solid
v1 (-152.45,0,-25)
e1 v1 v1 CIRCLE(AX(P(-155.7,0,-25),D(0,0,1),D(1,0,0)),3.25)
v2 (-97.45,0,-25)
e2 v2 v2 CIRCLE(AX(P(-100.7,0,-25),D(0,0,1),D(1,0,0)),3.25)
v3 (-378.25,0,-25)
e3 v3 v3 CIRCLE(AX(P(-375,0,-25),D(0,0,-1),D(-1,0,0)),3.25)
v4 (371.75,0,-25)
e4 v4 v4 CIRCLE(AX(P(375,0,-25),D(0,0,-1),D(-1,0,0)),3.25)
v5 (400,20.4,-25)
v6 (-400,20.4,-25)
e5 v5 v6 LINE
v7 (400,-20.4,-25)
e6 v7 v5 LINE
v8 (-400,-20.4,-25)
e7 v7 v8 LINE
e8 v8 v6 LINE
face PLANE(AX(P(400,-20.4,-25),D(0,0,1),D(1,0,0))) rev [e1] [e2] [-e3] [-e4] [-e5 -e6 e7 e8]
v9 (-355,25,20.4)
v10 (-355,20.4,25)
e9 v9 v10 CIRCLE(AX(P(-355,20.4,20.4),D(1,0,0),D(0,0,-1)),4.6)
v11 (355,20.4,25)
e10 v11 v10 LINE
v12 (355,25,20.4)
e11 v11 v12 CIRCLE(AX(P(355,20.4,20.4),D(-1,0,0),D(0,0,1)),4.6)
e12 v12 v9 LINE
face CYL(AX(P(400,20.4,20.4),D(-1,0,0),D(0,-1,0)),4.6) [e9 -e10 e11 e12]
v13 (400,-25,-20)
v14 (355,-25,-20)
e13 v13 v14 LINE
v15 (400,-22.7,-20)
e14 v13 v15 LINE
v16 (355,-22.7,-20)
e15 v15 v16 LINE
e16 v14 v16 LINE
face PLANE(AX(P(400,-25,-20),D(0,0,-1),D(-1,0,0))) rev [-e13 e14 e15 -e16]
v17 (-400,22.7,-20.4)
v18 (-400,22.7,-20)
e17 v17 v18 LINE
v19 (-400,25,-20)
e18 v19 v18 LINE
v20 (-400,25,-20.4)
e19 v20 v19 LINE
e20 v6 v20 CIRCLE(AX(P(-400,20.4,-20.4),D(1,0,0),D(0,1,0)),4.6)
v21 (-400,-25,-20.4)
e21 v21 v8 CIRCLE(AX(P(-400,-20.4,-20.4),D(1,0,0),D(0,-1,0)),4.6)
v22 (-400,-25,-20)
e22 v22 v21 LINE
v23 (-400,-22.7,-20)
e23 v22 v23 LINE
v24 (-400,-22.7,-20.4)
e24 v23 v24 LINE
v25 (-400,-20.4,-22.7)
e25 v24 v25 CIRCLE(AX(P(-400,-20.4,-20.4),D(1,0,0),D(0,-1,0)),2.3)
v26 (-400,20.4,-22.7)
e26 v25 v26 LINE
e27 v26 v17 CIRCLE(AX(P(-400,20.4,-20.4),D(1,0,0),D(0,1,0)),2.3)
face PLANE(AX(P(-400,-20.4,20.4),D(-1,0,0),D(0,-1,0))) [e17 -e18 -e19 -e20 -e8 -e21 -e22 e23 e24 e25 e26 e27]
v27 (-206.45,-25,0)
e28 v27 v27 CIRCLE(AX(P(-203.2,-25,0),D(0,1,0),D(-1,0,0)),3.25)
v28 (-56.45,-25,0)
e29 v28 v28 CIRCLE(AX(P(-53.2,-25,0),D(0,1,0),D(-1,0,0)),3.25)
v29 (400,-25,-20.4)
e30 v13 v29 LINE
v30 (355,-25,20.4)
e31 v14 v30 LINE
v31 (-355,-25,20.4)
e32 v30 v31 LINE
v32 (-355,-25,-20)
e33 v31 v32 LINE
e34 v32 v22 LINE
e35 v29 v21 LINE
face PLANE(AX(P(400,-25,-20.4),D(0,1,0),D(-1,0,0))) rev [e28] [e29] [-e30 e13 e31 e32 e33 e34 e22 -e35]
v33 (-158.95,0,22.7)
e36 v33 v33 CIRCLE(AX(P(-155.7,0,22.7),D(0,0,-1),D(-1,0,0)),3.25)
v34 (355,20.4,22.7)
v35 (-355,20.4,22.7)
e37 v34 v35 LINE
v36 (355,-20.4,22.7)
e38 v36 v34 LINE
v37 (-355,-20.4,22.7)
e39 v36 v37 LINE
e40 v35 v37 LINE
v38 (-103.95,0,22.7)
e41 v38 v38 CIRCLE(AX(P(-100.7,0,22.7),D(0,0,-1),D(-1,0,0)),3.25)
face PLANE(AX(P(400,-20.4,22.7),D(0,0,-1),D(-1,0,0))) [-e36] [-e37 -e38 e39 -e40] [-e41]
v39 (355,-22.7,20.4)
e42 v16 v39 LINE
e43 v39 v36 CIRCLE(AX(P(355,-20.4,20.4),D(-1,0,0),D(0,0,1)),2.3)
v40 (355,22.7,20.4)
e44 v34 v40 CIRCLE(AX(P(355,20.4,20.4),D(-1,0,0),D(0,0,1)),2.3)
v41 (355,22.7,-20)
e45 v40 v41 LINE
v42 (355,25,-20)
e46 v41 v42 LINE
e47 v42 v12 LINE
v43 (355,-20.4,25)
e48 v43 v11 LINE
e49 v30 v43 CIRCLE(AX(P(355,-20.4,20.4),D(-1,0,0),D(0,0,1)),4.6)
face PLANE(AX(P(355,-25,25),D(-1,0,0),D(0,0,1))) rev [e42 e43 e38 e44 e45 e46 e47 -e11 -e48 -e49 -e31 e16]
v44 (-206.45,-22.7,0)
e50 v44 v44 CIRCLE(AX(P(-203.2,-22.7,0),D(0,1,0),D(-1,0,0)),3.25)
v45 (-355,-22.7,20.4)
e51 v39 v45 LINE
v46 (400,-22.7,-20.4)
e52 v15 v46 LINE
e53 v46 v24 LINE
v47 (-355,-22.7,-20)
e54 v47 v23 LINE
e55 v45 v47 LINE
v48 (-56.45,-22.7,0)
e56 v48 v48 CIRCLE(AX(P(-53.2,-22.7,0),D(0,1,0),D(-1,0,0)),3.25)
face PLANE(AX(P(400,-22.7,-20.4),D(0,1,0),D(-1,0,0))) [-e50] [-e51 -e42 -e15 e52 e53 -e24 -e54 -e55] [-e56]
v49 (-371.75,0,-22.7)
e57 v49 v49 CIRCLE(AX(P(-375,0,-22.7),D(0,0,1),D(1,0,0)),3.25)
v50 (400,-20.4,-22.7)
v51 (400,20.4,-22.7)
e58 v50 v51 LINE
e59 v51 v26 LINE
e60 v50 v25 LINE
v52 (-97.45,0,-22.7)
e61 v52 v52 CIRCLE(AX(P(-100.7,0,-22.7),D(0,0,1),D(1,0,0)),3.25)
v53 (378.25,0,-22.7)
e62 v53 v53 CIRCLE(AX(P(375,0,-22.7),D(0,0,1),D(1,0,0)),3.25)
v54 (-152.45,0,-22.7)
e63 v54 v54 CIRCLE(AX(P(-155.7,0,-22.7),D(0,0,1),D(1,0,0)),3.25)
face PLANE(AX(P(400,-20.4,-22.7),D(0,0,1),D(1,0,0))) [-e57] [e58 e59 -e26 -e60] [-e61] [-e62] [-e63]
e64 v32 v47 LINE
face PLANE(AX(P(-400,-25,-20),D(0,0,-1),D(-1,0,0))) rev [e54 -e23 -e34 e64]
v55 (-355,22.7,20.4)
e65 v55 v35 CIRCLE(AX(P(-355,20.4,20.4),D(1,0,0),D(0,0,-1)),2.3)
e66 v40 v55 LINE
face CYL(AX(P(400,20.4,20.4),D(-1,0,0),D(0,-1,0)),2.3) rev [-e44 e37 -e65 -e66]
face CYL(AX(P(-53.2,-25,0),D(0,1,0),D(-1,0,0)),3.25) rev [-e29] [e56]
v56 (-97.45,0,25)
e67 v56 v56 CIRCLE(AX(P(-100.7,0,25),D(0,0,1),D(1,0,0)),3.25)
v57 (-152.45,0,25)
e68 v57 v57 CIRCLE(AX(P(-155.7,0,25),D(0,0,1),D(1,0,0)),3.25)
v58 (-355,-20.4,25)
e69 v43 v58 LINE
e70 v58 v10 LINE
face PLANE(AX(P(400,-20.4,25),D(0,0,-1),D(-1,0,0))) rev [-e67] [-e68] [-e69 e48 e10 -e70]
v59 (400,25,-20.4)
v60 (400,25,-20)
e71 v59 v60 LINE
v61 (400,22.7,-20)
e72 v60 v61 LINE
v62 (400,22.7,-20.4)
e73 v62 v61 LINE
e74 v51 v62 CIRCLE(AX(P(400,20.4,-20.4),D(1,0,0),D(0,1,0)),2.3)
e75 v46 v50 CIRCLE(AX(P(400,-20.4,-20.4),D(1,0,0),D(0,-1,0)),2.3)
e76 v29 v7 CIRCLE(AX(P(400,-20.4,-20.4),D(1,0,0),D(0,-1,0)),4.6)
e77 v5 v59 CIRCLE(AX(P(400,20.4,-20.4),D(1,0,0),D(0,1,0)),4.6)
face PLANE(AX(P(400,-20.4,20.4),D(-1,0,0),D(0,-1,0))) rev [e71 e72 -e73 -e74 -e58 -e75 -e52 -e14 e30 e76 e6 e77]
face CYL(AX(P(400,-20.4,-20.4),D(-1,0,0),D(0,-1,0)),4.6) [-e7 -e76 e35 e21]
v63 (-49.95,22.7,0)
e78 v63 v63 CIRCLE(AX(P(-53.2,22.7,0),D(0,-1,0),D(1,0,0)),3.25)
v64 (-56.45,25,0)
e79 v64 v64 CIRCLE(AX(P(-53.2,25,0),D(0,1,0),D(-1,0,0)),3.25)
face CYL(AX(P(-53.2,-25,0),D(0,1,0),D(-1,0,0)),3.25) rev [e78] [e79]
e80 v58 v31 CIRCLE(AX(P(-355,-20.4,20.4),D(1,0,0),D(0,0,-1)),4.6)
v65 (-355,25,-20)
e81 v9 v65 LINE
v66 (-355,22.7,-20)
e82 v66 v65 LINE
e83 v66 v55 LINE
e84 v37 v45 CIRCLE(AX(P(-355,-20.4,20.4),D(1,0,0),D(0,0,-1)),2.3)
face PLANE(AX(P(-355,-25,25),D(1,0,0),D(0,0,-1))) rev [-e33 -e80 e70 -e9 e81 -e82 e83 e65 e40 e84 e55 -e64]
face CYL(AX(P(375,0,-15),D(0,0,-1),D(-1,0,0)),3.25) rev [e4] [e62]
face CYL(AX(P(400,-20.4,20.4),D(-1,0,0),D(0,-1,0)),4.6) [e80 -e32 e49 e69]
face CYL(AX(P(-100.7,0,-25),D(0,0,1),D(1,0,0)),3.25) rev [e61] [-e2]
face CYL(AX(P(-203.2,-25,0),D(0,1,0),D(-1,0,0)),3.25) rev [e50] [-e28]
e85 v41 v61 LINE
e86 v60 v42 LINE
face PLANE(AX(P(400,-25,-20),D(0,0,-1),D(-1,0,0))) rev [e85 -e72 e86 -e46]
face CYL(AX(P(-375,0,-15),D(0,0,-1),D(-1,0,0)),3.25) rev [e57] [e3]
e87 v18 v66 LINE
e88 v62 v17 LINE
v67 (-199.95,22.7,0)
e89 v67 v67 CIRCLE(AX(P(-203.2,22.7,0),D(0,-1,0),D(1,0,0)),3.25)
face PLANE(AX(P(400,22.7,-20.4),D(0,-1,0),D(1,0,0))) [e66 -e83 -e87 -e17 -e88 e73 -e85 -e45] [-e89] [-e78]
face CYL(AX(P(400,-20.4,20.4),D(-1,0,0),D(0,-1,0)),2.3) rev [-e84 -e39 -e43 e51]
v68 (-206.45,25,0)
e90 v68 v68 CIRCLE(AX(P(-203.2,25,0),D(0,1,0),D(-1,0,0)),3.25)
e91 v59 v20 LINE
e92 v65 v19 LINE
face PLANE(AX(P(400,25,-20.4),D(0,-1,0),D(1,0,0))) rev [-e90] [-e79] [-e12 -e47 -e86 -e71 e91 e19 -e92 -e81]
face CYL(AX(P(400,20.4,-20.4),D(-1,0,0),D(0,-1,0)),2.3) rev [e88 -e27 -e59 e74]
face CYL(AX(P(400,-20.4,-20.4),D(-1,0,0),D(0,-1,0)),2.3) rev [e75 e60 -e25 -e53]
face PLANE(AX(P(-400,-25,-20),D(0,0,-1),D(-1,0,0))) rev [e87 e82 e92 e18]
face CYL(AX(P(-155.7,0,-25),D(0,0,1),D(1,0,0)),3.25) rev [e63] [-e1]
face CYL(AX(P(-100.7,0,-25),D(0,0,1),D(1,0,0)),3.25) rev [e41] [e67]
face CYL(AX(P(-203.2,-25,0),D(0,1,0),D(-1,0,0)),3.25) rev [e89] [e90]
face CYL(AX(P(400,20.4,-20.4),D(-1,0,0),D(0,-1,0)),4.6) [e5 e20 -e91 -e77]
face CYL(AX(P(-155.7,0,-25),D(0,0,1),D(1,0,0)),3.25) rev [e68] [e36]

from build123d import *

# Parameters (mm, degrees)
SHS_C450_AS_50X50X2_3_SHS_C450_1_DEPTH = 800
CUT_EXTRUDE1_DEPTH                     = 402.559460105
CUT_EXTRUDE1_DEPTH_BACK                = 402.559460105
SKETCH20_W                             = 45
SKETCH20_H                             = 45
SKETCH21_R                             = 3.25
CUT_EXTRUDE2_DEPTH                     = 10
SKETCH22_R                             = 3.25
CUT_EXTRUDE3_DEPTH                     = 404.887360535
SKETCH23_R                             = 3.25
CUT_EXTRUDE4_DEPTH                     = 404.887360535


with BuildPart() as part:
    # Sketch19 → Shs c450 as 50X50X2.3 SHS C450(1) (new body)
    with BuildSketch(Plane.YZ.offset(-400)):
        with BuildLine():
            Line((-20.4, -25), (20.4, -25))
            ThreePointArc((20.4, -25), (23.652691193, -23.652691193), (25, -20.4))
            Line((25, -20.4), (25, 20.4))
            ThreePointArc((25, 20.4), (23.652691193, 23.652691193), (20.4, 25))
            Line((20.4, 25), (-20.4, 25))
            ThreePointArc((-20.4, 25), (-23.652691193, 23.652691193), (-25, 20.4))
            Line((-25, 20.4), (-25, -20.4))
            ThreePointArc((-25, -20.4), (-23.652691193, -23.652691193), (-20.4, -25))
        make_face()
        with BuildLine():
            Line((-20.4, 22.7), (20.4, 22.7))
            ThreePointArc((20.4, 22.7), (22.026345597, 22.026345597), (22.7, 20.4))
            Line((22.7, 20.4), (22.7, -20.4))
            ThreePointArc((22.7, -20.4), (22.026345597, -22.026345597), (20.4, -22.7))
            Line((20.4, -22.7), (-20.4, -22.7))
            ThreePointArc((-20.4, -22.7), (-22.026345597, -22.026345597), (-22.7, -20.4))
            Line((-22.7, -20.4), (-22.7, 20.4))
            ThreePointArc((-22.7, 20.4), (-22.026345597, 22.026345597), (-20.4, 22.7))
        make_face(mode=Mode.SUBTRACT)
    extrude(amount=SHS_C450_AS_50X50X2_3_SHS_C450_1_DEPTH)

    # Sketch20 → Cut-Extrude1 (cut, two sides: drawn at the far end of the back side and taken through both)
    with BuildSketch(Plane(origin=(0, 0, 0), x_dir=(1, 0, 0), z_dir=(0, 1, 0)).offset(-CUT_EXTRUDE1_DEPTH_BACK)):
        with Locations((-377.5, -2.5)):
            Rectangle(SKETCH20_W, SKETCH20_H)
        with Locations((377.5, -2.5)):
            Rectangle(SKETCH20_W, SKETCH20_H)
    extrude(amount=CUT_EXTRUDE1_DEPTH + CUT_EXTRUDE1_DEPTH_BACK, mode=Mode.SUBTRACT)

    # Sketch21 → Cut-Extrude2 (cut)
    with BuildSketch(Plane(origin=(0, 0, -25), x_dir=(-1, 0, 0), z_dir=(0, 0, -1))):
        with Locations((-375, 0)):
            Circle(SKETCH21_R)
        with Locations((375, 0)):
            Circle(SKETCH21_R)
    extrude(amount=-CUT_EXTRUDE2_DEPTH, mode=Mode.SUBTRACT)

    # Sketch22 → Cut-Extrude3 (cut, through all)
    with BuildSketch(Plane.XY.offset(25)):
        with Locations((-155.7, 0)):
            Circle(SKETCH22_R)
        with Locations((-100.7, 0)):
            Circle(SKETCH22_R)
    extrude(amount=-CUT_EXTRUDE3_DEPTH, mode=Mode.SUBTRACT)

    # Sketch23 → Cut-Extrude4 (cut, through all)
    with BuildSketch(Plane(origin=(0, 25, 0), x_dir=(1, 0, 0), z_dir=(0, 1, 0))):
        with Locations(Location((-203.2, 0, 0), (0, 0, 180))):
            Circle(SKETCH23_R)
        with Locations(Location((-53.2, 0, 0), (0, 0, 180))):
            Circle(SKETCH23_R)
    extrude(amount=-CUT_EXTRUDE4_DEPTH, mode=Mode.SUBTRACT)


solid = part.part
